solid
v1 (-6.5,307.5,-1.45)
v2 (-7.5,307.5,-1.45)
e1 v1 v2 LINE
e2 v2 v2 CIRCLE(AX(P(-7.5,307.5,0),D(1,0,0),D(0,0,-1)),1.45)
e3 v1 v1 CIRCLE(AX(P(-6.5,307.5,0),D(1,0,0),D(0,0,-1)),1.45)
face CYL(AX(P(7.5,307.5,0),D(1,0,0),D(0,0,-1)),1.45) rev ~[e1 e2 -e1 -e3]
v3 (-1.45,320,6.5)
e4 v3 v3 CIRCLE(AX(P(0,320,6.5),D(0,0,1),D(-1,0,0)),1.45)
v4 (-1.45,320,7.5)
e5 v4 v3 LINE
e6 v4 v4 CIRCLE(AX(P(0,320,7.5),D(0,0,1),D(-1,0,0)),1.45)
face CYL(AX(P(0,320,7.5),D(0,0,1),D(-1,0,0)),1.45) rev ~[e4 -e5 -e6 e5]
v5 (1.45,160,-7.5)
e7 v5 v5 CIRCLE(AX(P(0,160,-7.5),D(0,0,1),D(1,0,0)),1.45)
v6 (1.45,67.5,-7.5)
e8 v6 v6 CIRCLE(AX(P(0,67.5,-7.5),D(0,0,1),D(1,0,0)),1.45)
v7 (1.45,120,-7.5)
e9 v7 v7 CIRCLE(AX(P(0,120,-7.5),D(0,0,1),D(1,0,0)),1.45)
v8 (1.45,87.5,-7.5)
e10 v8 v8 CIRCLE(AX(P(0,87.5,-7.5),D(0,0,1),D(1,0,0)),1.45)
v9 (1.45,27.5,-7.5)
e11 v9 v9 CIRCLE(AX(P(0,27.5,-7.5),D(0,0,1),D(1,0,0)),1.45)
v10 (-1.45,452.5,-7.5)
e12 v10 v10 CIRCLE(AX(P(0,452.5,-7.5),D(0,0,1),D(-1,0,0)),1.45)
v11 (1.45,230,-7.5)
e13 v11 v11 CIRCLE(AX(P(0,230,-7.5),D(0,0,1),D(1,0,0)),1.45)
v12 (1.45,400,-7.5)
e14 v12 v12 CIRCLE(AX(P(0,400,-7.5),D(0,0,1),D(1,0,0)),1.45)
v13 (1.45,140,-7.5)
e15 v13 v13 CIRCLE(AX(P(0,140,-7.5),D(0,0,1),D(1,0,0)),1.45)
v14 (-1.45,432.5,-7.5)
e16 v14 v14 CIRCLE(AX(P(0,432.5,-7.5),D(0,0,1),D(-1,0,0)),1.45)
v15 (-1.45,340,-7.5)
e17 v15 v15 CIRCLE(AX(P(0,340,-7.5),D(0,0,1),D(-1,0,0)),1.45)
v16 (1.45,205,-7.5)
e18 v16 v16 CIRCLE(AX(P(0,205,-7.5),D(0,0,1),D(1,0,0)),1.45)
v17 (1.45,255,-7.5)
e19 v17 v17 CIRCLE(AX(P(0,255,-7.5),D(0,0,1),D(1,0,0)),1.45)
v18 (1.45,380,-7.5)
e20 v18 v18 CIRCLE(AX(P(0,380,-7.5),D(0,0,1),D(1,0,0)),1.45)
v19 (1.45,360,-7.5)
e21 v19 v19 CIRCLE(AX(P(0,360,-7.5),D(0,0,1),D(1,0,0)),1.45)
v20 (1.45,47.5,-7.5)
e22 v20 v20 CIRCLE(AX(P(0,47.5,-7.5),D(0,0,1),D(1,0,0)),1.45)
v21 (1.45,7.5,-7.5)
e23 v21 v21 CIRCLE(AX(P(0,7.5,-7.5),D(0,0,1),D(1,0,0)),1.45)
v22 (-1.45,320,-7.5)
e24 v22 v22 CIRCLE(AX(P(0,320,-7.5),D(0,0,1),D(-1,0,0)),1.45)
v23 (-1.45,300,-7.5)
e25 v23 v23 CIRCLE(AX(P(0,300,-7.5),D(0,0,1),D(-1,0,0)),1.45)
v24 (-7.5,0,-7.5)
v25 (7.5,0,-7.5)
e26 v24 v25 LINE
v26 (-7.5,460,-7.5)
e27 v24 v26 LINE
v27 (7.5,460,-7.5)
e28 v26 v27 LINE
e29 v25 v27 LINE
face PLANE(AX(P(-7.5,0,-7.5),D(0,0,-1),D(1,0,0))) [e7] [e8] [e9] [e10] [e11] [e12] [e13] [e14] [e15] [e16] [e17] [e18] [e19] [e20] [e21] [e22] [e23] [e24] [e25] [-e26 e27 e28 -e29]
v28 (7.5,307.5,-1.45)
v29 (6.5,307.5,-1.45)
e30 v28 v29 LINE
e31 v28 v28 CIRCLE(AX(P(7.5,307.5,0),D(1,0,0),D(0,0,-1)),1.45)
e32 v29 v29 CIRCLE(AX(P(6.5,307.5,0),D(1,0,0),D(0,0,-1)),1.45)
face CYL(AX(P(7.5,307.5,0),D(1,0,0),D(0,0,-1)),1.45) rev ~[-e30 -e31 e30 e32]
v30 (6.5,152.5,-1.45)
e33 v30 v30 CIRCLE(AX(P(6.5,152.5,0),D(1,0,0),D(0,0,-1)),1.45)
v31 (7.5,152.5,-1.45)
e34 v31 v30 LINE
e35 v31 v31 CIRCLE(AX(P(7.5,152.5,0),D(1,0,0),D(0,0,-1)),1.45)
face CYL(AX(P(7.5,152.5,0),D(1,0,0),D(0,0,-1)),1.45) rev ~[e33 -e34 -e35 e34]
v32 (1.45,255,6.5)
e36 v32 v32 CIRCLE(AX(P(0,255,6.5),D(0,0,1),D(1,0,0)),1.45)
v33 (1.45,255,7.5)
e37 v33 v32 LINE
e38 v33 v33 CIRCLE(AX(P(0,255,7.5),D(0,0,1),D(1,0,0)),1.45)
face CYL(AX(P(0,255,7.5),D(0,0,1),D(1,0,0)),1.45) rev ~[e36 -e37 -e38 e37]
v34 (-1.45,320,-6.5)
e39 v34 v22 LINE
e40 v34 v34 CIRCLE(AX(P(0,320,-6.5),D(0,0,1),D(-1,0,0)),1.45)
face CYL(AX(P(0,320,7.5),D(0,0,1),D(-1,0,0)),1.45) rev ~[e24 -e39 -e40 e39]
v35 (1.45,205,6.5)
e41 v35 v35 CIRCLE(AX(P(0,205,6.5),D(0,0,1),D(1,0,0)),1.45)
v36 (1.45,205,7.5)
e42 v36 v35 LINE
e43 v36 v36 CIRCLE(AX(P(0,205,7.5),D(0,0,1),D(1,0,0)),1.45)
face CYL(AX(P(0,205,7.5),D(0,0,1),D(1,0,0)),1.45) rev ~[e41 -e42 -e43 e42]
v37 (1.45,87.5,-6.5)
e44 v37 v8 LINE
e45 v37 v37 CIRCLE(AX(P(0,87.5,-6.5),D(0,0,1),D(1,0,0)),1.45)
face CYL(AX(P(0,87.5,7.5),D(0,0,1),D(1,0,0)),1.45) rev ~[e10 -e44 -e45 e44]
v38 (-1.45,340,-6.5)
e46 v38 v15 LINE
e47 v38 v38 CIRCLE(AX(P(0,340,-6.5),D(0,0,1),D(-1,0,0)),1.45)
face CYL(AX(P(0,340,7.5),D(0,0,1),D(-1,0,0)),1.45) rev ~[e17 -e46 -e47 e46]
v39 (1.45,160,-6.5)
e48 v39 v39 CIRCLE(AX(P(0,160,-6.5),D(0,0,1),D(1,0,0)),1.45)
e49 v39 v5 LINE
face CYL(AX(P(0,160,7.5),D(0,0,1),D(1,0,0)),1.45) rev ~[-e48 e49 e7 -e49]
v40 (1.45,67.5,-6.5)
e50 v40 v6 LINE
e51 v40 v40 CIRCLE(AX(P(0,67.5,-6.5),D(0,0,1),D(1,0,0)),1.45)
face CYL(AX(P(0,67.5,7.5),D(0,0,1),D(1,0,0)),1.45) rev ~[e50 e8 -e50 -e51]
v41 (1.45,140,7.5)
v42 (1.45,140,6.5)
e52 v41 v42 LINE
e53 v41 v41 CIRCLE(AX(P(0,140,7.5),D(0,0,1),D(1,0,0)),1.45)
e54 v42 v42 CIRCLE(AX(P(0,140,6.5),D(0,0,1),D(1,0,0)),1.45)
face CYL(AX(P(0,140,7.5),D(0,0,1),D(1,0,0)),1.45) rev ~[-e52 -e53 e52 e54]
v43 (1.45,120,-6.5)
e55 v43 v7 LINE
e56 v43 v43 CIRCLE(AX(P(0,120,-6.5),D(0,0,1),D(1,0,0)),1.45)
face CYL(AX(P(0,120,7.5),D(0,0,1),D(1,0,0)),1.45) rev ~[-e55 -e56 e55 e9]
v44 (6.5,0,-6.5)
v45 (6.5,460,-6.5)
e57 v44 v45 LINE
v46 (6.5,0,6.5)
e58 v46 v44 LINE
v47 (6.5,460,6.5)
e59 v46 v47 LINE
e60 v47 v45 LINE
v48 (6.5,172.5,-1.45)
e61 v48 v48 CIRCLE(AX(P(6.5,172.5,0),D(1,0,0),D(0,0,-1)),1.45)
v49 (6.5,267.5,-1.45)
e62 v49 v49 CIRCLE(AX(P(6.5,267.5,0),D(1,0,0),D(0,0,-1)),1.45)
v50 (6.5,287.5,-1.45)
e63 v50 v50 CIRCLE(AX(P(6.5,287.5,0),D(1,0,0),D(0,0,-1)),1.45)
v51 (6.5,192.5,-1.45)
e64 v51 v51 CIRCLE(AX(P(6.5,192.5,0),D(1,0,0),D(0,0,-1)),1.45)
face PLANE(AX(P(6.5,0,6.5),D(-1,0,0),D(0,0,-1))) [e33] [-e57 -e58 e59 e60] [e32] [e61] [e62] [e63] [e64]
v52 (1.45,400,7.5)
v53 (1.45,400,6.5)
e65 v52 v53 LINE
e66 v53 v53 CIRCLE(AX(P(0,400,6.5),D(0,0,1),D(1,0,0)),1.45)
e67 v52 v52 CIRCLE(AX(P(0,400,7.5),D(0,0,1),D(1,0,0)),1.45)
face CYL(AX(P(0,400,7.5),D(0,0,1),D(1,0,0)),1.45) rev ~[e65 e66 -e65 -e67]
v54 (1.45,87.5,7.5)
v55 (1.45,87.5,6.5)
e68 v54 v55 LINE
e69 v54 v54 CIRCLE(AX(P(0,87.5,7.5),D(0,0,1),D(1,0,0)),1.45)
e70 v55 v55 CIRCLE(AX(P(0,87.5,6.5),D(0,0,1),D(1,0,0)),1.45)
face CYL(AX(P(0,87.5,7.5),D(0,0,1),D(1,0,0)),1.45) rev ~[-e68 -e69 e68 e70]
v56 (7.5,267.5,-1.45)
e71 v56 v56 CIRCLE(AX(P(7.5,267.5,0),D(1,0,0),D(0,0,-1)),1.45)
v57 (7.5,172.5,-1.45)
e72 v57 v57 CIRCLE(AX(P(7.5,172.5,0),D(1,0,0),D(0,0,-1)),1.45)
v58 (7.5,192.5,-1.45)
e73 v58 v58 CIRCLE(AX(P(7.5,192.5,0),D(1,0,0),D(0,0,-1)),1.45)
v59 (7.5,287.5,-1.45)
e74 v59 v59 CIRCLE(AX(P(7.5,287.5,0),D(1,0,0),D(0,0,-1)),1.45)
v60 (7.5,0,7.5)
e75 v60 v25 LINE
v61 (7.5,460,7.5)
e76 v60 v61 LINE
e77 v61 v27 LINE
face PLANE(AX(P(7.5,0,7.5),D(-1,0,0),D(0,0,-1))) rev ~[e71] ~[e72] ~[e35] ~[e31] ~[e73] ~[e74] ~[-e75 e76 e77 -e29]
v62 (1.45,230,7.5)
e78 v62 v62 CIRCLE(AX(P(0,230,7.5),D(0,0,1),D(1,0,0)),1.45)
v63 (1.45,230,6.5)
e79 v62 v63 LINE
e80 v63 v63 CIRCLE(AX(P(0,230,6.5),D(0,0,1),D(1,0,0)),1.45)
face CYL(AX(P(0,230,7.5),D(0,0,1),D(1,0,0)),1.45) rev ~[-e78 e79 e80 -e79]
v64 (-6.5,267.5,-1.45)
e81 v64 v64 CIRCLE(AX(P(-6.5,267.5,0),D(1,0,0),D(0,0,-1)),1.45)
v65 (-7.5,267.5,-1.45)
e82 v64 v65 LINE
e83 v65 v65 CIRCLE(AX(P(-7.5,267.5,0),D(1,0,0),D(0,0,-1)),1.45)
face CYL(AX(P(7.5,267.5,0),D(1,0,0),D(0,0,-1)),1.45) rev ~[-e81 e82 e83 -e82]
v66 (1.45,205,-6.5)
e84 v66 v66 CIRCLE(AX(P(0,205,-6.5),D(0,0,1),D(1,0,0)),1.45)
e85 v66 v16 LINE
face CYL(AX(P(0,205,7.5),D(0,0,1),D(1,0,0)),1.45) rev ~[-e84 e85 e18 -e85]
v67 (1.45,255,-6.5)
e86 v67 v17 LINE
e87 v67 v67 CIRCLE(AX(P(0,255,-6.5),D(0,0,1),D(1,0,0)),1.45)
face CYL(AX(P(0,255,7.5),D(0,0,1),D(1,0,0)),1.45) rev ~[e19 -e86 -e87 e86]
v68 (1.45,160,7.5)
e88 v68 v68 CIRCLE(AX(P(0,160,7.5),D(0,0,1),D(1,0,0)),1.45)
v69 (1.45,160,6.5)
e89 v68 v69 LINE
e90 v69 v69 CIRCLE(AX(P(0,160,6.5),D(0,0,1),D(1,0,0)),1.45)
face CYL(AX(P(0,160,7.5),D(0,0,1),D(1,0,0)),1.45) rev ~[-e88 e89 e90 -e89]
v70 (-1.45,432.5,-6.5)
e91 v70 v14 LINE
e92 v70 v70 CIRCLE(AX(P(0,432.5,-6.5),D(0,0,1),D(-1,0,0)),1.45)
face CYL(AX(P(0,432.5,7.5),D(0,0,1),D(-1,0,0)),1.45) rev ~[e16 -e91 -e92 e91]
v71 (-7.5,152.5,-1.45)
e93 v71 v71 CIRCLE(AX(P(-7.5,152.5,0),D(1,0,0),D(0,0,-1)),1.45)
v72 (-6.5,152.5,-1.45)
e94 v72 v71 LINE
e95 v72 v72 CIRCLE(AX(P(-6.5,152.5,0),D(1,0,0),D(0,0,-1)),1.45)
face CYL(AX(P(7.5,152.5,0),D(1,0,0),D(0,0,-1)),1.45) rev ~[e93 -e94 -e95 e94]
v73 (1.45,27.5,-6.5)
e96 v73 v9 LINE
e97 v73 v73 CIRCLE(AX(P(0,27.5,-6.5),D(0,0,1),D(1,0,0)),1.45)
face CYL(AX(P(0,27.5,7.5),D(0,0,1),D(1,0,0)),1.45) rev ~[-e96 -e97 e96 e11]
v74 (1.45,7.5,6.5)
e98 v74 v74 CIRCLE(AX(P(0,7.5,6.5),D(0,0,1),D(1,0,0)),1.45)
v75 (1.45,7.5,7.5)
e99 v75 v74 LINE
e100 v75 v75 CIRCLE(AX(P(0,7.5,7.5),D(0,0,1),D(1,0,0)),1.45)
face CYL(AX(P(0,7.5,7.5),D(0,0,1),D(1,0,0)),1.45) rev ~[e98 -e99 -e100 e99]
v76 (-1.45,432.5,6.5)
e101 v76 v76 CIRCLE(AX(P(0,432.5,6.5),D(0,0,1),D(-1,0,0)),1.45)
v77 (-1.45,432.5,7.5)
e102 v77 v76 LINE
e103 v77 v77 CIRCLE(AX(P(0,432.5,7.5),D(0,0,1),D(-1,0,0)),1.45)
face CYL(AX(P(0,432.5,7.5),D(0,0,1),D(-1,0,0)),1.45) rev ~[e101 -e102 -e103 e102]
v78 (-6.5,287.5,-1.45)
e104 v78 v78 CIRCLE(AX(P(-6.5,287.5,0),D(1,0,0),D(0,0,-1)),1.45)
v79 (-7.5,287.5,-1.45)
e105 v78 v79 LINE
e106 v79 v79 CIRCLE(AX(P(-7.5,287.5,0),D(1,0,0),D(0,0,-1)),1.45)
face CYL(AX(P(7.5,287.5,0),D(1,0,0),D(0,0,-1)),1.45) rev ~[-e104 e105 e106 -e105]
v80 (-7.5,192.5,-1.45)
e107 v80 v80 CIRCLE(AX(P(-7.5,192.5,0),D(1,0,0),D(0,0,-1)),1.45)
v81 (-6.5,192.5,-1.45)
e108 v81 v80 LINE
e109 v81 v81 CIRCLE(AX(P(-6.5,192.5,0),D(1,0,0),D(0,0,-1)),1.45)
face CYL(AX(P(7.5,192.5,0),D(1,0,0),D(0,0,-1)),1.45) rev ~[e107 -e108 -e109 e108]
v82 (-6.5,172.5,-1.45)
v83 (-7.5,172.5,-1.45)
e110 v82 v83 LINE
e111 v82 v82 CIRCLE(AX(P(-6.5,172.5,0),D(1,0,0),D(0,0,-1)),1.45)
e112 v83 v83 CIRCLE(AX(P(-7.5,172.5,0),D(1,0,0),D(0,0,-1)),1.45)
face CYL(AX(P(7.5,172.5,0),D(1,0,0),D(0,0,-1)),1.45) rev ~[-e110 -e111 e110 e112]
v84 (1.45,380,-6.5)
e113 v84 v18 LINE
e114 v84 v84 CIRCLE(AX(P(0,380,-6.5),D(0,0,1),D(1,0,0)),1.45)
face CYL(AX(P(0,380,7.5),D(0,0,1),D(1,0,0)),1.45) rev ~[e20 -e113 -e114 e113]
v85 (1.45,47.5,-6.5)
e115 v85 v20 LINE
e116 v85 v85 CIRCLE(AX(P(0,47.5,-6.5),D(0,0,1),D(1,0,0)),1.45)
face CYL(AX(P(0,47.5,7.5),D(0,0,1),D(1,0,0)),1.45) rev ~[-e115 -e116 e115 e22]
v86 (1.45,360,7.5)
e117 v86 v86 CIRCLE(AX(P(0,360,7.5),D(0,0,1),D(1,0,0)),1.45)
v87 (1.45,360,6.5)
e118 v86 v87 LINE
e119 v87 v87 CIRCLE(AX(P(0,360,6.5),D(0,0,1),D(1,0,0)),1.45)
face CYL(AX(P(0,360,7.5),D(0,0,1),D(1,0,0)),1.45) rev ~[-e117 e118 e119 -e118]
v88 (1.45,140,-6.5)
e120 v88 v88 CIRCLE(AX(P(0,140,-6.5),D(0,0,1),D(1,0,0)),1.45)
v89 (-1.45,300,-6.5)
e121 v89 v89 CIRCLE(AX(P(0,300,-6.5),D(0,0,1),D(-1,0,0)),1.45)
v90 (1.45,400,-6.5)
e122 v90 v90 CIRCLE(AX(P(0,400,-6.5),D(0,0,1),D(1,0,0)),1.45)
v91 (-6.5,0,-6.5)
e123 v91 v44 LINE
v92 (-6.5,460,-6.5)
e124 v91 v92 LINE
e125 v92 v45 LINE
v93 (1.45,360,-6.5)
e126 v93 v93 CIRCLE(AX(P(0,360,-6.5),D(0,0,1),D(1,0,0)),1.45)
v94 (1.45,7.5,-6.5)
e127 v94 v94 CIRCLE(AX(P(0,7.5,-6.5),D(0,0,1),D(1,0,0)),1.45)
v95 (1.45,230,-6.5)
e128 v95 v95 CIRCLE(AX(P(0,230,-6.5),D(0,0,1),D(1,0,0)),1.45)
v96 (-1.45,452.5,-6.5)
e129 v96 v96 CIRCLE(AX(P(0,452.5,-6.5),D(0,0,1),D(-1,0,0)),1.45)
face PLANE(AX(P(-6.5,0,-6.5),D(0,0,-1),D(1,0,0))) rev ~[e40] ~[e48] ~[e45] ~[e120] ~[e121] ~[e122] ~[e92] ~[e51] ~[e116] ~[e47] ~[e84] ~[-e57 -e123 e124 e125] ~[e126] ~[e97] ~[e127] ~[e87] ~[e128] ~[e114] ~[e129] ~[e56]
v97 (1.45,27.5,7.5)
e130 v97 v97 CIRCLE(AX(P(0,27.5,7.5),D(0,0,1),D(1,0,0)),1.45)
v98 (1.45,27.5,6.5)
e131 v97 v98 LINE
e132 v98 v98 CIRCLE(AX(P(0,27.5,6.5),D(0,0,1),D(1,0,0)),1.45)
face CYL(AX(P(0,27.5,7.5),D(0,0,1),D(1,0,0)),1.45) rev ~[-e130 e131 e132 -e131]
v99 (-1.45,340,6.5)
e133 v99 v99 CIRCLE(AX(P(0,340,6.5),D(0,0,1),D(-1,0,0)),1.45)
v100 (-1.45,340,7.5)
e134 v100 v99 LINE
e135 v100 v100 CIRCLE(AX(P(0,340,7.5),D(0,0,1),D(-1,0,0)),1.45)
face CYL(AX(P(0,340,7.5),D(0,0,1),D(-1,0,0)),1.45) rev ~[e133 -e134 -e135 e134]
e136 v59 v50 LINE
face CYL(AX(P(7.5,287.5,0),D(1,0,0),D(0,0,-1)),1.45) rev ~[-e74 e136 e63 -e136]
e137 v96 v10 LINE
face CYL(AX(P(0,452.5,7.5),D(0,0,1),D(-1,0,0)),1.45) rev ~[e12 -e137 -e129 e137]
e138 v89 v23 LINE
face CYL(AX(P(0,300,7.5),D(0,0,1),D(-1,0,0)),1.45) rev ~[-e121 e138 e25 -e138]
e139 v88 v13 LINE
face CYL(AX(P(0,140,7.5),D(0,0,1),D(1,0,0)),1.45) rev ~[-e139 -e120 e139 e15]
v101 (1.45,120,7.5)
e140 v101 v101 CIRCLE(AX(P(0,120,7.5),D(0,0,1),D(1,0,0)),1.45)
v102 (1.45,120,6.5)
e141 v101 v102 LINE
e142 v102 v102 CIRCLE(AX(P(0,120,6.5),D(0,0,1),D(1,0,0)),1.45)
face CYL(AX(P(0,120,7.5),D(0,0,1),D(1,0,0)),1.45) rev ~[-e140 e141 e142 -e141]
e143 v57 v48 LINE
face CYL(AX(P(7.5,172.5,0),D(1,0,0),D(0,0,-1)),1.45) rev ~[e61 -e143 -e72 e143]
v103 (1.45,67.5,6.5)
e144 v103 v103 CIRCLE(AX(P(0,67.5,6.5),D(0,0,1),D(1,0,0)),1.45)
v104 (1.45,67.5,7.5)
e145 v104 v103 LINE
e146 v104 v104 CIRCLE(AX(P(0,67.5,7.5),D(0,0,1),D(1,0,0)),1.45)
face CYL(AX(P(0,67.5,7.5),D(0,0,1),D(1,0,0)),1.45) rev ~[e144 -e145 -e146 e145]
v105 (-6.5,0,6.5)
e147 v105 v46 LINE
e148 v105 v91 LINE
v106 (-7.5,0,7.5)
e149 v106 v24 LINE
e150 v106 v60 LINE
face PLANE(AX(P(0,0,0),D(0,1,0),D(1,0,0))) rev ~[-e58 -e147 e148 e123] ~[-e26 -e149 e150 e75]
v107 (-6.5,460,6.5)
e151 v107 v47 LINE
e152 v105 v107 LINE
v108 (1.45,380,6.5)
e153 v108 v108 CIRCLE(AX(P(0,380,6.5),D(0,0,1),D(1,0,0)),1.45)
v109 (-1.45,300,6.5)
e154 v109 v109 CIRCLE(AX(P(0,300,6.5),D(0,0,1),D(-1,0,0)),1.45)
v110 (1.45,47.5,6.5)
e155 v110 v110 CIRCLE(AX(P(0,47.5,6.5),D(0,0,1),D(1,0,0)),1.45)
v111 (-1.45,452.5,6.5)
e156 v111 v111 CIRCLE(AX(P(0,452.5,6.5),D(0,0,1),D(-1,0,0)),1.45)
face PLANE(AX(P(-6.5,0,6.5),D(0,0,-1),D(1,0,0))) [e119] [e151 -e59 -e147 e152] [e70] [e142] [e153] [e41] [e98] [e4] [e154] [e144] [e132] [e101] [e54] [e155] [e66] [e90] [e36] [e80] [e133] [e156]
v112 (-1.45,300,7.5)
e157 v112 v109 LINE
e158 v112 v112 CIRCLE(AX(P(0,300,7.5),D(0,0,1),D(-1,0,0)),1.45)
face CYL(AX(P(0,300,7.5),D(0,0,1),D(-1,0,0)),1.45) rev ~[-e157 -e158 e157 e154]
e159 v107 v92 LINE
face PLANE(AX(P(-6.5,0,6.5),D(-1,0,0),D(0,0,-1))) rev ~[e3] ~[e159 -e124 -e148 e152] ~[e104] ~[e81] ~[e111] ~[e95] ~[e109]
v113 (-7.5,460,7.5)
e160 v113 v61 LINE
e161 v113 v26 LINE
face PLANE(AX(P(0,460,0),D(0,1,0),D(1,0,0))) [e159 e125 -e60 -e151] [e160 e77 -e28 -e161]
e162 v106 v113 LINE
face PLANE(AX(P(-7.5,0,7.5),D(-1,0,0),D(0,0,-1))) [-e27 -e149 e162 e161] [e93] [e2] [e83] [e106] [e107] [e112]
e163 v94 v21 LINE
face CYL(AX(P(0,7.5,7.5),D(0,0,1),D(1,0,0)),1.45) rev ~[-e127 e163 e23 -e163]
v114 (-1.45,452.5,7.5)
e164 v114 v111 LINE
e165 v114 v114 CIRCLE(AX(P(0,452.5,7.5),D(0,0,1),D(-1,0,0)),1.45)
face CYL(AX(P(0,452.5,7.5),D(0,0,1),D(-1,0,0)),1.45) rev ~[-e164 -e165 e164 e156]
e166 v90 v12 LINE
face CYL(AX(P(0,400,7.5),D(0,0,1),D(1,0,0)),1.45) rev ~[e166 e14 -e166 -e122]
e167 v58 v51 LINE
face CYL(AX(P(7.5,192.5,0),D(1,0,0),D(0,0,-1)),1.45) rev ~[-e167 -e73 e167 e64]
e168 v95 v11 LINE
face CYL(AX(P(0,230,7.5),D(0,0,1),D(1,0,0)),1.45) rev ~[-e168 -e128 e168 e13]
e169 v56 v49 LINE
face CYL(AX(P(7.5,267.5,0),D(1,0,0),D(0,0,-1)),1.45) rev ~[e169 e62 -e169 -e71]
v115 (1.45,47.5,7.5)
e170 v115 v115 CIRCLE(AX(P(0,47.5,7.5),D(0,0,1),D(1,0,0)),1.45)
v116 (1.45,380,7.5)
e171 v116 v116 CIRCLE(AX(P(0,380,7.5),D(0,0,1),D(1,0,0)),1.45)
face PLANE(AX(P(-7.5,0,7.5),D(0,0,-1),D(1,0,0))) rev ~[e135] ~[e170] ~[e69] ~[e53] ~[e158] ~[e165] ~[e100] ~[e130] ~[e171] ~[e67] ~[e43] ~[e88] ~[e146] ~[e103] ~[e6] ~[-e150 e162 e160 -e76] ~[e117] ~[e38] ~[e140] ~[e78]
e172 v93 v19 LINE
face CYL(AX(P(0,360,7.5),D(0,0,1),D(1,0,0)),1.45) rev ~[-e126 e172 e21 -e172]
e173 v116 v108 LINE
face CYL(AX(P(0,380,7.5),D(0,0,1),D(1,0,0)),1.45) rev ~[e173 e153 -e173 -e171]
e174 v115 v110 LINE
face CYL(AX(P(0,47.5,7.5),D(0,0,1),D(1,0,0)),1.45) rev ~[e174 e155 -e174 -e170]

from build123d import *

# Parameters (mm, degrees)
SKETCH_1_W          = 15
SKETCH_1_H          = 15
SKETCH_1_W_2        = 13
SKETCH_1_H_2        = 13
EXTRUDE_1_DEPTH     = 460
SKETCH_2_R          = 1.45
CUT_EXTRUDE_1_DEPTH = 461.305605006
SKETCH_3_R          = 1.45
CUT_EXTRUDE_2_DEPTH = 461.305605006


with BuildPart() as part:
    # 草图1 → 拉伸-薄壁1 (new body)
    with BuildSketch(Plane(origin=(0, 0, 0), x_dir=(1, 0, 0), z_dir=(0, 1, 0))):
        Rectangle(SKETCH_1_W, SKETCH_1_H)
        Rectangle(SKETCH_1_W_2, SKETCH_1_H_2, mode=Mode.SUBTRACT)
    extrude(amount=EXTRUDE_1_DEPTH)

    # 草图2 → 切除-拉伸1 (cut, through all)
    with BuildSketch(Plane.XY.offset(7.5)):
        with Locations((0, 7.5)):
            Circle(SKETCH_2_R)
        with Locations((0, 27.5)):
            Circle(SKETCH_2_R)
        with Locations(Location((0, 432.5, 0), (0, 0, 180))):
            Circle(SKETCH_2_R)
        with Locations(Location((0, 452.5, 0), (0, 0, 180))):
            Circle(SKETCH_2_R)
        with Locations((0, 140)):
            Circle(SKETCH_2_R)
        with Locations((0, 160)):
            Circle(SKETCH_2_R)
        with Locations((0, 120)):
            Circle(SKETCH_2_R)
        with Locations(Location((0, 340, 0), (0, 0, 180))):
            Circle(SKETCH_2_R)
        with Locations(Location((0, 300, 0), (0, 0, 180))):
            Circle(SKETCH_2_R)
        with Locations(Location((0, 320, 0), (0, 0, 180))):
            Circle(SKETCH_2_R)
        with Locations((0, 230)):
            Circle(SKETCH_2_R)
        with Locations((0, 255)):
            Circle(SKETCH_2_R)
        with Locations((0, 205)):
            Circle(SKETCH_2_R)
        with Locations((0, 47.5)):
            Circle(SKETCH_2_R)
        with Locations((0, 67.5)):
            Circle(SKETCH_2_R)
        with Locations((0, 87.5)):
            Circle(SKETCH_2_R)
        with Locations((0, 360)):
            Circle(SKETCH_2_R)
        with Locations((0, 380)):
            Circle(SKETCH_2_R)
        with Locations((0, 400)):
            Circle(SKETCH_2_R)
    extrude(amount=-CUT_EXTRUDE_1_DEPTH, mode=Mode.SUBTRACT)

    # 草图3 → 切除-拉伸2 (cut, through all)
    with BuildSketch(Plane(origin=(7.5, 0, 0), x_dir=(0, 0, -1), z_dir=(1, 0, 0))):
        with Locations((0, 152.5)):
            Circle(SKETCH_3_R)
        with Locations((0, 172.5)):
            Circle(SKETCH_3_R)
        with Locations((0, 287.5)):
            Circle(SKETCH_3_R)
        with Locations((0, 307.5)):
            Circle(SKETCH_3_R)
        with Locations((0, 192.5)):
            Circle(SKETCH_3_R)
        with Locations((0, 267.5)):
            Circle(SKETCH_3_R)
    extrude(amount=-CUT_EXTRUDE_2_DEPTH, mode=Mode.SUBTRACT)


solid = part.part
